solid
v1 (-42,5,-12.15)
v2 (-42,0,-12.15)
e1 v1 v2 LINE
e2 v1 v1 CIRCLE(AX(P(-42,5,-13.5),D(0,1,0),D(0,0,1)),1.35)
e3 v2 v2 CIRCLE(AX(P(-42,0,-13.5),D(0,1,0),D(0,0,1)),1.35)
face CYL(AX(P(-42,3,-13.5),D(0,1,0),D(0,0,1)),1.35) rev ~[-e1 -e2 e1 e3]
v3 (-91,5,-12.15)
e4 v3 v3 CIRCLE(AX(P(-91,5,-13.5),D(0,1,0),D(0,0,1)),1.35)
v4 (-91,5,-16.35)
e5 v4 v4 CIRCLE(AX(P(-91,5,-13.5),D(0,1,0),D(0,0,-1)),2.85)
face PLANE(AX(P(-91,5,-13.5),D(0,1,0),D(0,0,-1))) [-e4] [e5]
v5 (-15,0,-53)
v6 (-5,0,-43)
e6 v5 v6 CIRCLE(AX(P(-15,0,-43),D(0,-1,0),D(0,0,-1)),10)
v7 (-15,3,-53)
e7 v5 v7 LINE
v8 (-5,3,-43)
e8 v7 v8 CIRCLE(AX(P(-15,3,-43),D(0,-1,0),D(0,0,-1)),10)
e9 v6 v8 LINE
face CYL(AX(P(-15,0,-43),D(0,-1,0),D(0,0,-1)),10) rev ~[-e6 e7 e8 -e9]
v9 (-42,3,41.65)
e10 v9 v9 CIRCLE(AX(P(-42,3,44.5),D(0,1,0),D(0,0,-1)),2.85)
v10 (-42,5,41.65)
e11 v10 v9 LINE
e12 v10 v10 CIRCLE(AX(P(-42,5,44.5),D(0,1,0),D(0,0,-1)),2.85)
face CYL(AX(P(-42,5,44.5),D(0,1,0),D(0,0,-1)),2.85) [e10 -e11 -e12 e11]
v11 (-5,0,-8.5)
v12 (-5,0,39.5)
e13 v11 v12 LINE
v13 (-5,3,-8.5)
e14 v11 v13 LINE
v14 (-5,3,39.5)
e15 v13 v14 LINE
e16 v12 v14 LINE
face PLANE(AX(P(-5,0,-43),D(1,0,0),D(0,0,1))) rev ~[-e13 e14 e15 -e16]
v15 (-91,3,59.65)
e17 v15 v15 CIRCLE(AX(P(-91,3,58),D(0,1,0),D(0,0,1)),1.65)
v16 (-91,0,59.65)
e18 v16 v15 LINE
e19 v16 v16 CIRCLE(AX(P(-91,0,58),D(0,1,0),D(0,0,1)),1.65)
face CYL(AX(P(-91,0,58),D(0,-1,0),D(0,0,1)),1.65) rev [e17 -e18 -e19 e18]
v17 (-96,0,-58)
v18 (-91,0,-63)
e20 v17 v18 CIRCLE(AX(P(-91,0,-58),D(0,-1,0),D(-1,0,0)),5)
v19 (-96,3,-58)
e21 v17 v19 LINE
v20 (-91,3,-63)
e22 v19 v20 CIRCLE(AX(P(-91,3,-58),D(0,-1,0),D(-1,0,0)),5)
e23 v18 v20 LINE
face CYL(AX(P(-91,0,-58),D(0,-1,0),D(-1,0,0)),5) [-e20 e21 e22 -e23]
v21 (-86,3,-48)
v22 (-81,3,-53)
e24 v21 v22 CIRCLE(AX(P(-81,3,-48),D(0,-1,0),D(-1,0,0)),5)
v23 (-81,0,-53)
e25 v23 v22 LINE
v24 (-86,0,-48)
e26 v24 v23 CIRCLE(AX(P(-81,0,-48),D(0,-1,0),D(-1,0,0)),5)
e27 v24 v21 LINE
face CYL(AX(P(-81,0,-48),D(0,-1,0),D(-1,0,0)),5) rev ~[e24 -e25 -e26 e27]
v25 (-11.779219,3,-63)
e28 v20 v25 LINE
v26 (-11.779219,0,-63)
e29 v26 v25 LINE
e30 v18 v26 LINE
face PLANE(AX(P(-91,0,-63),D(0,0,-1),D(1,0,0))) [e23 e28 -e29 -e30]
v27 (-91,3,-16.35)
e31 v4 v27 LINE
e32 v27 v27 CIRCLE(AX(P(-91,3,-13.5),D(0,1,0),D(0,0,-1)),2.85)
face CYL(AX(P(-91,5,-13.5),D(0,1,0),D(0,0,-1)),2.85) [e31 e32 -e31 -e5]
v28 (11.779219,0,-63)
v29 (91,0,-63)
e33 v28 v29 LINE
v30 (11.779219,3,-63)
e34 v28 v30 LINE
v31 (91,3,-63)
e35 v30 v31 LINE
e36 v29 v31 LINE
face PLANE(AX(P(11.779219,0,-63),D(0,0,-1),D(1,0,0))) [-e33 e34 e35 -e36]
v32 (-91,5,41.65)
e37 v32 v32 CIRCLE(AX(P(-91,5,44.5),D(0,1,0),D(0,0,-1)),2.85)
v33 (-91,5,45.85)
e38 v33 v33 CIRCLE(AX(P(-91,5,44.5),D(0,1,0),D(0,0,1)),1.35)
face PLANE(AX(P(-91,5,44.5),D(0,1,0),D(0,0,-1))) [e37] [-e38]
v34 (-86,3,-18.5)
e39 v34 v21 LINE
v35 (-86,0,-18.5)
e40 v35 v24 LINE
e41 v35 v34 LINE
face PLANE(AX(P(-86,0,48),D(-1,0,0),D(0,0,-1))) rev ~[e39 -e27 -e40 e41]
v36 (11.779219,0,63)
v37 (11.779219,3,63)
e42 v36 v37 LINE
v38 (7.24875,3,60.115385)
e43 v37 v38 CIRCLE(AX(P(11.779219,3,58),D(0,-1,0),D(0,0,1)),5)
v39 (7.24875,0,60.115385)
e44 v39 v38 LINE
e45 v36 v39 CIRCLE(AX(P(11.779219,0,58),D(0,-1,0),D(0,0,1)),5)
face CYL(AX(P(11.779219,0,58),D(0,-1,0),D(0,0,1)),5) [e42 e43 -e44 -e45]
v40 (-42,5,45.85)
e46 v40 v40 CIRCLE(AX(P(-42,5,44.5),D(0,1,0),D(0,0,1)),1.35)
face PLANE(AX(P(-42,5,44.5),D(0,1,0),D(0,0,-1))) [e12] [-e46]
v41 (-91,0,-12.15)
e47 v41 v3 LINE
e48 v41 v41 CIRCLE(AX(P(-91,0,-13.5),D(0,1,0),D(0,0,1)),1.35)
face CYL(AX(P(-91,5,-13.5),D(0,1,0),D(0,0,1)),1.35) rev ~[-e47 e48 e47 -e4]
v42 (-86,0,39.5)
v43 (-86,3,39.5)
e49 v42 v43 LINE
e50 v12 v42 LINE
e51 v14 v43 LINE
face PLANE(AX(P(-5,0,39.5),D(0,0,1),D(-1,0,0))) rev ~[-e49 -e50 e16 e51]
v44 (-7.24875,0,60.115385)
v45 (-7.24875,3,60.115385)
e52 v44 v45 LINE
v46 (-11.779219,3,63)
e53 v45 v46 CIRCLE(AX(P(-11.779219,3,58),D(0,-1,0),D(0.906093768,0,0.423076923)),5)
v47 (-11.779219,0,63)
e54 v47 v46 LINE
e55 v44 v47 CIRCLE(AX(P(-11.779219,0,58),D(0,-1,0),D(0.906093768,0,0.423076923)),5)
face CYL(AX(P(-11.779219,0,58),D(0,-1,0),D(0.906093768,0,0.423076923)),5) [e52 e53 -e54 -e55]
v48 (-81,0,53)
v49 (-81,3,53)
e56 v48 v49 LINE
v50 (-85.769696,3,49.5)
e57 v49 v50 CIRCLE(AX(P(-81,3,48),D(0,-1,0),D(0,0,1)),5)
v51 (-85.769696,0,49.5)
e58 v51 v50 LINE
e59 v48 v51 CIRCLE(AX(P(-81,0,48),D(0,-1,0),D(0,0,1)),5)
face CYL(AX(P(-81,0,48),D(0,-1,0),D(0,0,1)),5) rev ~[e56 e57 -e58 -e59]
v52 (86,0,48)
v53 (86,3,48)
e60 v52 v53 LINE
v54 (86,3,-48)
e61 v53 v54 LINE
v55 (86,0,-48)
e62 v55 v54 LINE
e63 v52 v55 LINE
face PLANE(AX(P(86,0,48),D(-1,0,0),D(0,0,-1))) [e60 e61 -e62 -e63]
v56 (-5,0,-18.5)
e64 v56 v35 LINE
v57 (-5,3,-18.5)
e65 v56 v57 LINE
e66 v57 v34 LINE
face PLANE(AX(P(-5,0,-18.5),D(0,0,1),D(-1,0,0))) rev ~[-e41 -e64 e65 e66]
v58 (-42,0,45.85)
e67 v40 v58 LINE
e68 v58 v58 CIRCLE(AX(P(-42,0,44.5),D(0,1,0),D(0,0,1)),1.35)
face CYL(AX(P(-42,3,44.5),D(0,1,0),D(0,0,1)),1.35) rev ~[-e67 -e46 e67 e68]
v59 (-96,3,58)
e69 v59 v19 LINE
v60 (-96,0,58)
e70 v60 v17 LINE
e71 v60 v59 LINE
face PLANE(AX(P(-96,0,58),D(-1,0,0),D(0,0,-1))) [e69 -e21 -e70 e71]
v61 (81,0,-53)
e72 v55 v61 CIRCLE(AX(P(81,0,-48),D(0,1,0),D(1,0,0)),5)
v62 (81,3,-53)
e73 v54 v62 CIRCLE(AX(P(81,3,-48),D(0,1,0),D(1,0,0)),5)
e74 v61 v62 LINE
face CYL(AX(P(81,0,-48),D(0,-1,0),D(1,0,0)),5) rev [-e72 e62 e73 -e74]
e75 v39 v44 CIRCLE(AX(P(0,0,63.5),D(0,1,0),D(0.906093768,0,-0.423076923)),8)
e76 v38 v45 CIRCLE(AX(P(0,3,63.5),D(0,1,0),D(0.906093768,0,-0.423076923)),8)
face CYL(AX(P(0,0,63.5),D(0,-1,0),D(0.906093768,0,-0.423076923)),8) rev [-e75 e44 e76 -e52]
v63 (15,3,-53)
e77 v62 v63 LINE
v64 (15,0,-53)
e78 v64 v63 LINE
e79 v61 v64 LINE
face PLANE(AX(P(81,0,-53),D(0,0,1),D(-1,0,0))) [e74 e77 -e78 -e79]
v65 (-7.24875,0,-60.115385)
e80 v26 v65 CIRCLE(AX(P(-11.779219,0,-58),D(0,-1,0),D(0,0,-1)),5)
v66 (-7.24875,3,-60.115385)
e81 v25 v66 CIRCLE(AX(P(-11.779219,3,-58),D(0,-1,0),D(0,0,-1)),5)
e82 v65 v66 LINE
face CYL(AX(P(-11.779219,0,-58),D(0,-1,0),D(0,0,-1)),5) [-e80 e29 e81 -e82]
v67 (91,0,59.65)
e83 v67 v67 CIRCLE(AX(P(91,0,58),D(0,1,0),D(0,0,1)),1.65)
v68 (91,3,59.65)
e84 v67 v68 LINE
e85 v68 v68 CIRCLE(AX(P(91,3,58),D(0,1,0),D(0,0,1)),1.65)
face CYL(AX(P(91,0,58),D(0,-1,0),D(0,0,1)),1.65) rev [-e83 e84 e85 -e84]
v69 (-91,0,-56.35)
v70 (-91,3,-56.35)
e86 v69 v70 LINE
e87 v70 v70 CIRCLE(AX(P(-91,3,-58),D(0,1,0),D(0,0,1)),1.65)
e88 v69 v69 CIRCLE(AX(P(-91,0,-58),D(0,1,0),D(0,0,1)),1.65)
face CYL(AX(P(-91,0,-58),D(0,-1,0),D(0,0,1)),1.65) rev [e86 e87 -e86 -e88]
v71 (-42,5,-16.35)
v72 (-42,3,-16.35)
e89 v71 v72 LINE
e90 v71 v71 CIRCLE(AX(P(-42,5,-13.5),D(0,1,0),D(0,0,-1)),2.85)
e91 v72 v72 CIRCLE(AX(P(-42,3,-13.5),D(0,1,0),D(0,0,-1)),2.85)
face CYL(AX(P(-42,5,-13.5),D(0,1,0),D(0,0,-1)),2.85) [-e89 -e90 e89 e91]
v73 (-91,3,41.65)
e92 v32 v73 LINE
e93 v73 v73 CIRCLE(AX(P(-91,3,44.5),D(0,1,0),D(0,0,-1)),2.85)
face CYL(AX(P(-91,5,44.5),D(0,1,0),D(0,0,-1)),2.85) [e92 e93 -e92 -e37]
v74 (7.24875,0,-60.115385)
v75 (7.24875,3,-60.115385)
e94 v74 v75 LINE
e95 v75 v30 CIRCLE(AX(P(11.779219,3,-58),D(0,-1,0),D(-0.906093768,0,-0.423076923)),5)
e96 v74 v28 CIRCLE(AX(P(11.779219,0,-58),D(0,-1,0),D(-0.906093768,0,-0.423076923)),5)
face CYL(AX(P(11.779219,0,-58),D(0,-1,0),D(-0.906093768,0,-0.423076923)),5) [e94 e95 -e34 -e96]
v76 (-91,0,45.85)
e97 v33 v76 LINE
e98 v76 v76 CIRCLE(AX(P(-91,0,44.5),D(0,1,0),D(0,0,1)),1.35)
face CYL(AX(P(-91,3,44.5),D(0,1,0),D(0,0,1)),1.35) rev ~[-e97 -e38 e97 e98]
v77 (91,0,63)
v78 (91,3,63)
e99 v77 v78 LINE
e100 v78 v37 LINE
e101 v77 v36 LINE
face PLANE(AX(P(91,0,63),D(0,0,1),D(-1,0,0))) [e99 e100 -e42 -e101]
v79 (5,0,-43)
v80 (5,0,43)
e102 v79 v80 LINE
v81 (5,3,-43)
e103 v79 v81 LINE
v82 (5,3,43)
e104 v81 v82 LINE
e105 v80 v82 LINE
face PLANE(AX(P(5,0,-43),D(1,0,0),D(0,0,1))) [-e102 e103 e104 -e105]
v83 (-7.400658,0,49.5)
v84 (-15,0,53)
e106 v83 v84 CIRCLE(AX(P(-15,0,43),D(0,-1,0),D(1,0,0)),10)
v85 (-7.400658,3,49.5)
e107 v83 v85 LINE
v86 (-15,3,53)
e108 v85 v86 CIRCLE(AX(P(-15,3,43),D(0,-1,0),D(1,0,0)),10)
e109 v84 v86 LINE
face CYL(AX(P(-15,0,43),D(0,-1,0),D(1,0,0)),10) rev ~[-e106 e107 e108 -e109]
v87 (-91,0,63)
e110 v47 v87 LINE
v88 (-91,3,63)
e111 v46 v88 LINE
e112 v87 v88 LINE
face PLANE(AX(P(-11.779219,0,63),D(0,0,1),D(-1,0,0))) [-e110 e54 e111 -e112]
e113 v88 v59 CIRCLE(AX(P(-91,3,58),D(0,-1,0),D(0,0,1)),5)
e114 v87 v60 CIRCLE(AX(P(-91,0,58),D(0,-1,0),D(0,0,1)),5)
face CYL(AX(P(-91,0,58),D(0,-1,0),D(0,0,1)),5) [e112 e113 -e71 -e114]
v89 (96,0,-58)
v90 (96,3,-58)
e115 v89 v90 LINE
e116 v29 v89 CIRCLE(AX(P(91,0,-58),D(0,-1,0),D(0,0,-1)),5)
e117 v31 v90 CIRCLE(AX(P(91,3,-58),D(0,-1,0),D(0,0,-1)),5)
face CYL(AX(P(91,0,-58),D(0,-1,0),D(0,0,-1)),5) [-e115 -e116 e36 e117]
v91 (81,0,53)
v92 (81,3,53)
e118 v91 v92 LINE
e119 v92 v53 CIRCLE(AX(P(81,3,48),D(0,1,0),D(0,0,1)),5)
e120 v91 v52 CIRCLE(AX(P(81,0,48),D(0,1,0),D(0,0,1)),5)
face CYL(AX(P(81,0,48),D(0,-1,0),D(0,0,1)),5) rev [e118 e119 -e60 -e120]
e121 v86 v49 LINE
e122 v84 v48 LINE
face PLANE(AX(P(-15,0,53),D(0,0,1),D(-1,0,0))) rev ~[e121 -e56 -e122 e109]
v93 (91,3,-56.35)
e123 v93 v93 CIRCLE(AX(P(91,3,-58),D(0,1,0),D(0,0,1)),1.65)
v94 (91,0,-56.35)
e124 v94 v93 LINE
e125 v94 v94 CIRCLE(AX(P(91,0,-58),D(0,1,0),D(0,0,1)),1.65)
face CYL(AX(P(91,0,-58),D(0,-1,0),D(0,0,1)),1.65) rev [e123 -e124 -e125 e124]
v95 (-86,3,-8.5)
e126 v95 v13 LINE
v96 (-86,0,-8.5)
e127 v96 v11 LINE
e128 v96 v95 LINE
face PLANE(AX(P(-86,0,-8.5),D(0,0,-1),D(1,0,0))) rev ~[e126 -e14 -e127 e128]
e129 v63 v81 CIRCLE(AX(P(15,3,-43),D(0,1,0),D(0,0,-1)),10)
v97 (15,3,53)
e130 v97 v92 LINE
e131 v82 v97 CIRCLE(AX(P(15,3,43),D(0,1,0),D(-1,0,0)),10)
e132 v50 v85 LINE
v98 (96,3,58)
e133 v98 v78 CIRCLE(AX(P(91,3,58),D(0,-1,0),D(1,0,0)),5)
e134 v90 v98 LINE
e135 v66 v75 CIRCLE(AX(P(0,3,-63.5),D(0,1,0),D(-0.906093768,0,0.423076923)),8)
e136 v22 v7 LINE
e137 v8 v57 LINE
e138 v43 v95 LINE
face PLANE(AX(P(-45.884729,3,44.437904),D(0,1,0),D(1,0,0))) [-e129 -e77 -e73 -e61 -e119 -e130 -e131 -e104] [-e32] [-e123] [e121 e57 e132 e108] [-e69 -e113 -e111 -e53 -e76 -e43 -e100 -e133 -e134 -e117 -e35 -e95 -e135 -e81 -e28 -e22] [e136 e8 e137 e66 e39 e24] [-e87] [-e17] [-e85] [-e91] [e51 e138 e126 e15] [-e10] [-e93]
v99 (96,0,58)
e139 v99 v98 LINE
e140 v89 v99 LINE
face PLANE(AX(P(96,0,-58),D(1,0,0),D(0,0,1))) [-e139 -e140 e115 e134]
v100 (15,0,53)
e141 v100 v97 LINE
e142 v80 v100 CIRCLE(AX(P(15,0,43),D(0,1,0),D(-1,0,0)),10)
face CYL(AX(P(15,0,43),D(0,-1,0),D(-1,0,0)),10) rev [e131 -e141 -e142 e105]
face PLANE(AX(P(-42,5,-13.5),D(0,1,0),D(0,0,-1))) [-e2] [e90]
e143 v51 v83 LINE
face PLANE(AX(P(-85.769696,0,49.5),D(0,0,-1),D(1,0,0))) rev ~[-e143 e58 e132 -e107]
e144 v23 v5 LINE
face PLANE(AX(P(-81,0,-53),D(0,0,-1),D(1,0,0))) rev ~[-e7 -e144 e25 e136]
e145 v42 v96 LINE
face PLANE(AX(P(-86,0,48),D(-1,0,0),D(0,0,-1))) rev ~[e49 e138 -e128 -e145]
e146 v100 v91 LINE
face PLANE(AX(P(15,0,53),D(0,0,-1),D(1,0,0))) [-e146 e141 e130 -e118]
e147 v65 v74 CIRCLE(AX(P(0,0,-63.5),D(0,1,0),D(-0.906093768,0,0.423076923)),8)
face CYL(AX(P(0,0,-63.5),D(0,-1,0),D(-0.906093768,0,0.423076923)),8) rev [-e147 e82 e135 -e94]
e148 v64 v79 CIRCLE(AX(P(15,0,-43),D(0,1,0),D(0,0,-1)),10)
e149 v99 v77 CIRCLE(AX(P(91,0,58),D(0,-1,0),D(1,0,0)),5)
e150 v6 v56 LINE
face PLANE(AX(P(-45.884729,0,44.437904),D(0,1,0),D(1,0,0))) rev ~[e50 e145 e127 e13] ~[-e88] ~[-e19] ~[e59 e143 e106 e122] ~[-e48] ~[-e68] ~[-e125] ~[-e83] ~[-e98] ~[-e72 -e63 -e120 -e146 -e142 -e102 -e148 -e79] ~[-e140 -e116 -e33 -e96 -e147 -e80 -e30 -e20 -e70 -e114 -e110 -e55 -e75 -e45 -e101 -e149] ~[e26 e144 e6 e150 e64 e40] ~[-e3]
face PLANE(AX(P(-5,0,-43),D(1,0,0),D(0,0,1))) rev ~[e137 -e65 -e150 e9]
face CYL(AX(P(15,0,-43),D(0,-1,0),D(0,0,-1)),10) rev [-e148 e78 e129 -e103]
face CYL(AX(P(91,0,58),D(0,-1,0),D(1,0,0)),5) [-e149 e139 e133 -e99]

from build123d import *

# Parameters (mm, degrees)
SKETCH1_R           = 1.65
BOSS_EXTRUDE1_DEPTH = 3
BOSS_EXTRUDE2_START = -3
BOSS_EXTRUDE2_DEPTH = 3
SKETCH3_R           = 1.35
CUT_EXTRUDE1_DEPTH  = 3
BOSS_EXTRUDE3_START = 2
SKETCH4_R           = 2.85
SKETCH4_R_2         = 1.35
BOSS_EXTRUDE3_DEPTH = 2


with BuildPart() as part:
    # Sketch1 → Boss-Extrude1 (new body)
    with BuildSketch(Plane(origin=(0, 0, 0), x_dir=(1, 0, 0), z_dir=(0, 1, 0))):
        with BuildLine():
            Line((-91, 63), (-11.779218989, 63))
            ThreePointArc((-11.779218989, 63), (-9.093788212, 62.217636961), (-7.248750147, 60.115384615))
            ThreePointArc((-7.248750147, 60.115384615), (0, 55.5), (7.248750147, 60.115384615))
            ThreePointArc((7.248750147, 60.115384615), (9.093788212, 62.217636961), (11.779218989, 63))
            Line((11.779218989, 63), (91, 63))
            ThreePointArc((91, 63), (94.535533906, 61.535533906), (96, 58))
            Line((96, 58), (96, -58))
            ThreePointArc((96, -58), (94.535533906, -61.535533906), (91, -63))
            Line((91, -63), (11.779218989, -63))
            ThreePointArc((11.779218989, -63), (9.093788212, -62.217636961), (7.248750147, -60.115384615))
            ThreePointArc((7.248750147, -60.115384615), (0, -55.5), (-7.248750147, -60.115384615))
            ThreePointArc((-7.248750147, -60.115384615), (-9.093788212, -62.217636961), (-11.779218989, -63))
            Line((-11.779218989, -63), (-91, -63))
            ThreePointArc((-91, -63), (-94.535533906, -61.535533906), (-96, -58))
            Line((-96, -58), (-96, 58))
            ThreePointArc((-96, 58), (-94.535533906, 61.535533906), (-91, 63))
        make_face()
        with Locations(Location((-91, 58, 0), (0, 0, 270))):
            Circle(SKETCH1_R, mode=Mode.SUBTRACT)
        with Locations(Location((91, 58, 0), (0, 0, 270))):
            Circle(SKETCH1_R, mode=Mode.SUBTRACT)
        with Locations(Location((91, -58, 0), (0, 0, 270))):
            Circle(SKETCH1_R, mode=Mode.SUBTRACT)
        with Locations(Location((-91, -58, 0), (0, 0, 270))):
            Circle(SKETCH1_R, mode=Mode.SUBTRACT)
        with BuildLine():
            Line((-81, 53), (-15, 53))
            ThreePointArc((-15, 53), (-7.928932188, 50.071067812), (-5, 43))
            Line((-5, 43), (-5, -43))
            ThreePointArc((-5, -43), (-7.928932188, -50.071067812), (-15, -53))
            Line((-15, -53), (-81, -53))
            ThreePointArc((-81, -53), (-84.535533906, -51.535533906), (-86, -48))
            Line((-86, -48), (-86, 48))
            ThreePointArc((-86, 48), (-84.535533906, 51.535533906), (-81, 53))
        make_face(mode=Mode.SUBTRACT)
        with BuildLine():
            Line((86, -48), (86, 48))
            ThreePointArc((86, 48), (84.535533906, 51.535533906), (81, 53))
            Line((81, 53), (15, 53))
            ThreePointArc((15, 53), (7.928932188, 50.071067812), (5, 43))
            Line((5, 43), (5, -43))
            ThreePointArc((5, -43), (7.928932188, -50.071067812), (15, -53))
            Line((15, -53), (81, -53))
            ThreePointArc((81, -53), (84.535533906, -51.535533906), (86, -48))
        make_face(mode=Mode.SUBTRACT)
    extrude(amount=BOSS_EXTRUDE1_DEPTH)

    # Sketch2 → Boss-Extrude2 (add)
    with BuildSketch(Plane(origin=(0, 3, 0), x_dir=(1, 0, 0), z_dir=(0, 1, 0)).offset(BOSS_EXTRUDE2_START)):
        with BuildLine():
            Line((-42, -39.5), (-86, -39.5))
            Line((-86, -39.5), (-86, -48))
            ThreePointArc((-86, -48), (-85.942088629, -48.758788496), (-85.769696007, -49.5))
            Line((-85.769696007, -49.5), (-42, -49.5))
            Line((-42, -49.5), (-7.400657923, -49.5))
            ThreePointArc((-7.400657923, -49.5), (-5.619343819, -46.464576398), (-5, -43))
            Line((-5, -43), (-5, -39.5))
            Line((-5, -39.5), (-42, -39.5))
        make_face()
        Polygon((-86, 18.5), (-86, 8.5), (-42, 8.5), (-5, 8.5), (-5, 18.5), (-42, 18.5), align=None)
    extrude(amount=BOSS_EXTRUDE2_DEPTH)

    # Sketch3 → Cut-Extrude1 (cut)
    with BuildSketch(Plane(origin=(0, 3, 0), x_dir=(1, 0, 0), z_dir=(0, 1, 0))):
        with Locations(Location((-42, -44.5, 0), (0, 0, 270))):
            Circle(SKETCH3_R)
        with Locations(Location((-91, -44.5, 0), (0, 0, 270))):
            Circle(SKETCH3_R)
        with Locations(Location((-42, 13.5, 0), (0, 0, 270))):
            Circle(SKETCH3_R)
        with Locations(Location((-91, 13.5, 0), (0, 0, 270))):
            Circle(SKETCH3_R)
    extrude(amount=-CUT_EXTRUDE1_DEPTH, mode=Mode.SUBTRACT)

    # Sketch4 → Boss-Extrude3 (add)
    # profile 1 of 4: a face of its own
    with BuildSketch(Plane(origin=(0, 3, 0), x_dir=(1, 0, 0), z_dir=(0, 1, 0)).offset(BOSS_EXTRUDE3_START)):
        with Locations(Location((-91, 13.5, 0), (0, 0, 90))):
            Circle(SKETCH4_R)
        with Locations(Location((-91, 13.5, 0), (0, 0, 270))):
            Circle(SKETCH4_R_2, mode=Mode.SUBTRACT)
    # profile 2 of 4: a face of its own
    with BuildSketch(Plane(origin=(0, 3, 0), x_dir=(1, 0, 0), z_dir=(0, 1, 0)).offset(BOSS_EXTRUDE3_START)):
        with Locations(Location((-91, -44.5, 0), (0, 0, 90))):
            Circle(SKETCH4_R)
        with Locations(Location((-91, -44.5, 0), (0, 0, 270))):
            Circle(SKETCH4_R_2, mode=Mode.SUBTRACT)
    # profile 3 of 4: a face of its own
    with BuildSketch(Plane(origin=(0, 3, 0), x_dir=(1, 0, 0), z_dir=(0, 1, 0)).offset(BOSS_EXTRUDE3_START)):
        with Locations(Location((-42, -44.5, 0), (0, 0, 90))):
            Circle(SKETCH4_R)
        with Locations(Location((-42, -44.5, 0), (0, 0, 270))):
            Circle(SKETCH4_R_2, mode=Mode.SUBTRACT)
    # profile 4 of 4: a face of its own
    with BuildSketch(Plane(origin=(0, 3, 0), x_dir=(1, 0, 0), z_dir=(0, 1, 0)).offset(BOSS_EXTRUDE3_START)):
        with Locations(Location((-42, 13.5, 0), (0, 0, 90))):
            Circle(SKETCH4_R)
        with Locations(Location((-42, 13.5, 0), (0, 0, 270))):
            Circle(SKETCH4_R_2, mode=Mode.SUBTRACT)
    extrude(amount=-BOSS_EXTRUDE3_DEPTH)


solid = part.part
